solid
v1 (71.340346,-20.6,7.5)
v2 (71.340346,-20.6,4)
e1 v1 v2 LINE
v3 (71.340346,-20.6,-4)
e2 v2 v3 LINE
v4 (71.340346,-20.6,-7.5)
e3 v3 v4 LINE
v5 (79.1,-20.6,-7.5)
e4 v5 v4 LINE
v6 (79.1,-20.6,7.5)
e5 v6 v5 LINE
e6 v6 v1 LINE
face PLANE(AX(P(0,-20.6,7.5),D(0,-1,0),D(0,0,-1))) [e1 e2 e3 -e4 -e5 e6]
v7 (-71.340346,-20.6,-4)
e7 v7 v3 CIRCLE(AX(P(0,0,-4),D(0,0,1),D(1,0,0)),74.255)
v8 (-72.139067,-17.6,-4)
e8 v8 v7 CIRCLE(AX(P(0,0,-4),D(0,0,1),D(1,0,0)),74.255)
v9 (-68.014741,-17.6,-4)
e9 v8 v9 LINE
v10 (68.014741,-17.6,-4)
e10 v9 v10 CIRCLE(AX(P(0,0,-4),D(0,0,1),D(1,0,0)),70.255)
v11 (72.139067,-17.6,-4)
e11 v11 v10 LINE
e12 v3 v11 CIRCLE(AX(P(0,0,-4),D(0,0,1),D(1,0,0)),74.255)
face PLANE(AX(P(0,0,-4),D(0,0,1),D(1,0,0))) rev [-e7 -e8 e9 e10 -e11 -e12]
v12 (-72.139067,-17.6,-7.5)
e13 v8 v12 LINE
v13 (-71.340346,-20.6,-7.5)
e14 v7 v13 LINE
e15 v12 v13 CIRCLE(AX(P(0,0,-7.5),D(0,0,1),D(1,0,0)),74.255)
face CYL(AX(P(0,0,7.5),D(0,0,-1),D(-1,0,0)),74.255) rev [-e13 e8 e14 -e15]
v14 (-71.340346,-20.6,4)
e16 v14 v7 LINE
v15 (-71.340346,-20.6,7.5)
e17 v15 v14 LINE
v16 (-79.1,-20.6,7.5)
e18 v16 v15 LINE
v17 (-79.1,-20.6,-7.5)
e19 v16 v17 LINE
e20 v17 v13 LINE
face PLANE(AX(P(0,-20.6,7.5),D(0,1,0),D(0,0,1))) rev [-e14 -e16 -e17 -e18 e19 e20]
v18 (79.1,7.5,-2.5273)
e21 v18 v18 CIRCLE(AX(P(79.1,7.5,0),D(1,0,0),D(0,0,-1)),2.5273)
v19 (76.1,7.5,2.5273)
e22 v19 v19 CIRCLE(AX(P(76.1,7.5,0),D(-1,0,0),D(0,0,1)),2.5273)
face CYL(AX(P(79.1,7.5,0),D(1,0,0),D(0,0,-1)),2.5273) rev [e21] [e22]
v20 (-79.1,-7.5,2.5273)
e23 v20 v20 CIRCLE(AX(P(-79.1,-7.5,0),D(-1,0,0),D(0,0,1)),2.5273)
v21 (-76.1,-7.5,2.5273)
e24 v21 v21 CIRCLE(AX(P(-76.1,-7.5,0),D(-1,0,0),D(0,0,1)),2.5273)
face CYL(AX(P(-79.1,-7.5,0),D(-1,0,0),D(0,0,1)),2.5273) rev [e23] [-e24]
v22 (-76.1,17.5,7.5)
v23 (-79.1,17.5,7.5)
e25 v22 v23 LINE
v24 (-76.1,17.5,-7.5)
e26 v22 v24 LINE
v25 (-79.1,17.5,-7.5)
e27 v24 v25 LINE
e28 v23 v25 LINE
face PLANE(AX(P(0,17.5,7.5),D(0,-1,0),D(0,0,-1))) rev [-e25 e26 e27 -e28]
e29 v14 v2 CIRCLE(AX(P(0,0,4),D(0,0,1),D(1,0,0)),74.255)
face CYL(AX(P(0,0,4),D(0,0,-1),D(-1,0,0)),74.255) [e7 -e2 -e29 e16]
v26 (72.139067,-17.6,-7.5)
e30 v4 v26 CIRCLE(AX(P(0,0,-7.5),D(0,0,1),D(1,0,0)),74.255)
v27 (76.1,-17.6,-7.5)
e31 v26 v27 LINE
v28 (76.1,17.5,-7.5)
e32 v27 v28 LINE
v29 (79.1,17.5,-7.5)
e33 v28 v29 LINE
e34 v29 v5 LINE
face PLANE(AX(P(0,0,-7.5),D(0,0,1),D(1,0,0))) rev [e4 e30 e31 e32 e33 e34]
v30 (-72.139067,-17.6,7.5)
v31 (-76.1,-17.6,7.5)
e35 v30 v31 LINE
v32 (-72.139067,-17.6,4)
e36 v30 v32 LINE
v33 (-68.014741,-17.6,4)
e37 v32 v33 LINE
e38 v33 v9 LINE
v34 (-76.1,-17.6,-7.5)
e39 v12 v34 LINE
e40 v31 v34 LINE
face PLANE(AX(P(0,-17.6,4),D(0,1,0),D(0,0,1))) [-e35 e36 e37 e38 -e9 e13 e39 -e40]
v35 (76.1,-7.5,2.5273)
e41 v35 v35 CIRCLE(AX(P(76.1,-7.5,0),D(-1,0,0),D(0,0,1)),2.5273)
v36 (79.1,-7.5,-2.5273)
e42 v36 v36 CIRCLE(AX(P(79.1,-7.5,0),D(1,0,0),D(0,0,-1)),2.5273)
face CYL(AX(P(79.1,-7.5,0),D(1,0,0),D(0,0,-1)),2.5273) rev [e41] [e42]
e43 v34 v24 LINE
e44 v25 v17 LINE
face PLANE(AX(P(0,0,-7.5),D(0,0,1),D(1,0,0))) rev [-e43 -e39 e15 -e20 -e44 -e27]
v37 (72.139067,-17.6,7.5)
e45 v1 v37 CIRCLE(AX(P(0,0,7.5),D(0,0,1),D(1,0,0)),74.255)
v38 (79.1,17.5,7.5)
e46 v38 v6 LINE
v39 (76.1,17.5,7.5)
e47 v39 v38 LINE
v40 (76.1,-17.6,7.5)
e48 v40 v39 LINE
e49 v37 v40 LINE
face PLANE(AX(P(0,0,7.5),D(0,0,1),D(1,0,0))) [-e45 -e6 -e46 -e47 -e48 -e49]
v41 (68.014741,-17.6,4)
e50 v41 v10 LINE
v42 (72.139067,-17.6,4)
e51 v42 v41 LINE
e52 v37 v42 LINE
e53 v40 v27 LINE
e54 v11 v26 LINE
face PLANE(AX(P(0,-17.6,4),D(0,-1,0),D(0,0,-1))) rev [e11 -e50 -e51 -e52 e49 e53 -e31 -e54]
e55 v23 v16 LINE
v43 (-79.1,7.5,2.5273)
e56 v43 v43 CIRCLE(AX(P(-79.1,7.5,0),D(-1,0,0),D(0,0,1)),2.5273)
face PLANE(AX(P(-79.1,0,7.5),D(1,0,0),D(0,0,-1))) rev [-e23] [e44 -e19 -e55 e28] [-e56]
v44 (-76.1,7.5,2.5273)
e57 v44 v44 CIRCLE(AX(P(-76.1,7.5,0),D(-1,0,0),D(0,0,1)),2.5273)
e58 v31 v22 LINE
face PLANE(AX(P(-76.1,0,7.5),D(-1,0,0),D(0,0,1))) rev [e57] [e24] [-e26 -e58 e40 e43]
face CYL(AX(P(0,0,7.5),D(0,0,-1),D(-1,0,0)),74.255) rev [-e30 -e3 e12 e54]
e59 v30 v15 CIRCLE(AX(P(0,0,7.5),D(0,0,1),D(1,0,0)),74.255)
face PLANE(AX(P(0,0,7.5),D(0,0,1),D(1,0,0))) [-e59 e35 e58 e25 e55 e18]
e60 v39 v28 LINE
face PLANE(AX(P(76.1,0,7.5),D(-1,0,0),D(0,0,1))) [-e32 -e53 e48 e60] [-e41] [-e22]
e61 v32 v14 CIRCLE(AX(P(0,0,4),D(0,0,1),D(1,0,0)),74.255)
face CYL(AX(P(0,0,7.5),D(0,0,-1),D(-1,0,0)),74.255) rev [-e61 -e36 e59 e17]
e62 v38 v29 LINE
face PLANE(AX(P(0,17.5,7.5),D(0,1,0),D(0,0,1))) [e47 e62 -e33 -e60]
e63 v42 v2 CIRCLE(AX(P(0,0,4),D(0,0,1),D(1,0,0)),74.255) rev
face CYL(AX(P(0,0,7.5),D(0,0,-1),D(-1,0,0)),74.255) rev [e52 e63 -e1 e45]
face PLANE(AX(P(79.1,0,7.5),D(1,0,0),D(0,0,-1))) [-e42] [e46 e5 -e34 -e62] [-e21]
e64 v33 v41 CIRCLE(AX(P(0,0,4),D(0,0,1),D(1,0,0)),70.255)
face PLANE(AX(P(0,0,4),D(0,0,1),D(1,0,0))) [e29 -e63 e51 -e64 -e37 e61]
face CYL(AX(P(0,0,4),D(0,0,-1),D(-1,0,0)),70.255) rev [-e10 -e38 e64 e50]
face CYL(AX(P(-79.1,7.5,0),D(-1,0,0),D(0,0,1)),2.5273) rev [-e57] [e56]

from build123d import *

# Parameters (mm, degrees)
BOSS_EXTRUDE1_DEPTH                 = 4
BOSS_EXTRUDE2_DEPTH                 = 7.5
F_8_0_199_DIAMETER_HOLE1_AT_2_COUNT = 2
F_8_0_199_DIAMETER_HOLE1_AT_2_PITCH = 15


with BuildPart() as part:
    # Sketch1 → Boss-Extrude1 (new, symmetric)
    with BuildSketch(Plane.XY):
        with BuildLine():
            Line((-68.014741233, -17.6), (-72.139067259, -17.6))
            ThreePointArc((-72.139067259, -17.6), (-71.75538681, -19.104174642), (-71.340346404, -20.6))
            ThreePointArc((-71.340346404, -20.6), (0, -74.255), (71.340346404, -20.6))
            ThreePointArc((71.340346404, -20.6), (71.75538681, -19.104174642), (72.139067259, -17.6))
            Line((72.139067259, -17.6), (68.014741233, -17.6))
            ThreePointArc((68.014741233, -17.6), (0, -70.255), (-68.014741233, -17.6))
        make_face()
    extrude(amount=BOSS_EXTRUDE1_DEPTH, both=True)

    # Sketch1<5> → Boss-Extrude2 (add, symmetric)
    with BuildSketch(Plane.XY):
        with BuildLine():
            ThreePointArc((-71.340346404, -20.6), (-71.75538681, -19.104174642), (-72.139067259, -17.6))
            Line((-72.139067259, -17.6), (-76.1, -17.6))
            Line((-76.1, -17.6), (-76.1, 17.5))
            Line((-76.1, 17.5), (-79.1, 17.5))
            Line((-79.1, 17.5), (-79.1, -20.6))
            Line((-79.1, -20.6), (-71.340346404, -20.6))
        make_face()
        with BuildLine():
            ThreePointArc((72.139067259, -17.6), (71.75538681, -19.104174642), (71.340346404, -20.6))
            Line((71.340346404, -20.6), (79.1, -20.6))
            Line((79.1, -20.6), (79.1, 17.5))
            Line((79.1, 17.5), (76.1, 17.5))
            Line((76.1, 17.5), (76.1, -17.6))
            Line((76.1, -17.6), (72.139067259, -17.6))
        make_face()
    extrude(amount=BOSS_EXTRUDE2_DEPTH, both=True)

    # Sketch4 → #8 (0.199) Diameter Hole1 (revolve, cut)
    with BuildSketch(Plane(origin=(-79.1, 7.5, 0), x_dir=(0, 0, 1), z_dir=(0, 1, 0))):
        Polygon((0, 0), (0, 13), (2.5273, 11.481444958), (2.5273, 0), align=None)
    f_8_0_199_diameter_hole1 = revolve(axis=Axis((-85.45, 7.5, 0), (1, 0, 0)), mode=Mode.SUBTRACT)

    # #8 (0.199) Diameter Hole1 at 2: #8 (0.199) Diameter Hole1 ×2
    with Locations(*[(0, -i * F_8_0_199_DIAMETER_HOLE1_AT_2_PITCH, 0) for i in range(1, F_8_0_199_DIAMETER_HOLE1_AT_2_COUNT)]):
        add(f_8_0_199_diameter_hole1, mode=Mode.SUBTRACT)

    # Mirror1: #8 (0.199) Diameter Hole1 across plane
    add(f_8_0_199_diameter_hole1.mirror(Plane(origin=(0, 0, 0), x_dir=(0, 0, 1), z_dir=(1, 0, 0))), mode=Mode.SUBTRACT)

    # Mirror1 copy 1 sketch → Mirror1 copy 1 (revolve, cut)
    with BuildSketch(Plane(origin=(79.1, -7.5, 0), x_dir=(0, 0, 1), z_dir=(0, 1, 0))):
        Polygon((0, 0), (0, -13), (2.5273, -11.481444958), (2.5273, 0), align=None)
    revolve(axis=Axis((85.45, -7.5, 0), (1, 0, 0)), mode=Mode.SUBTRACT)


solid = part.part
